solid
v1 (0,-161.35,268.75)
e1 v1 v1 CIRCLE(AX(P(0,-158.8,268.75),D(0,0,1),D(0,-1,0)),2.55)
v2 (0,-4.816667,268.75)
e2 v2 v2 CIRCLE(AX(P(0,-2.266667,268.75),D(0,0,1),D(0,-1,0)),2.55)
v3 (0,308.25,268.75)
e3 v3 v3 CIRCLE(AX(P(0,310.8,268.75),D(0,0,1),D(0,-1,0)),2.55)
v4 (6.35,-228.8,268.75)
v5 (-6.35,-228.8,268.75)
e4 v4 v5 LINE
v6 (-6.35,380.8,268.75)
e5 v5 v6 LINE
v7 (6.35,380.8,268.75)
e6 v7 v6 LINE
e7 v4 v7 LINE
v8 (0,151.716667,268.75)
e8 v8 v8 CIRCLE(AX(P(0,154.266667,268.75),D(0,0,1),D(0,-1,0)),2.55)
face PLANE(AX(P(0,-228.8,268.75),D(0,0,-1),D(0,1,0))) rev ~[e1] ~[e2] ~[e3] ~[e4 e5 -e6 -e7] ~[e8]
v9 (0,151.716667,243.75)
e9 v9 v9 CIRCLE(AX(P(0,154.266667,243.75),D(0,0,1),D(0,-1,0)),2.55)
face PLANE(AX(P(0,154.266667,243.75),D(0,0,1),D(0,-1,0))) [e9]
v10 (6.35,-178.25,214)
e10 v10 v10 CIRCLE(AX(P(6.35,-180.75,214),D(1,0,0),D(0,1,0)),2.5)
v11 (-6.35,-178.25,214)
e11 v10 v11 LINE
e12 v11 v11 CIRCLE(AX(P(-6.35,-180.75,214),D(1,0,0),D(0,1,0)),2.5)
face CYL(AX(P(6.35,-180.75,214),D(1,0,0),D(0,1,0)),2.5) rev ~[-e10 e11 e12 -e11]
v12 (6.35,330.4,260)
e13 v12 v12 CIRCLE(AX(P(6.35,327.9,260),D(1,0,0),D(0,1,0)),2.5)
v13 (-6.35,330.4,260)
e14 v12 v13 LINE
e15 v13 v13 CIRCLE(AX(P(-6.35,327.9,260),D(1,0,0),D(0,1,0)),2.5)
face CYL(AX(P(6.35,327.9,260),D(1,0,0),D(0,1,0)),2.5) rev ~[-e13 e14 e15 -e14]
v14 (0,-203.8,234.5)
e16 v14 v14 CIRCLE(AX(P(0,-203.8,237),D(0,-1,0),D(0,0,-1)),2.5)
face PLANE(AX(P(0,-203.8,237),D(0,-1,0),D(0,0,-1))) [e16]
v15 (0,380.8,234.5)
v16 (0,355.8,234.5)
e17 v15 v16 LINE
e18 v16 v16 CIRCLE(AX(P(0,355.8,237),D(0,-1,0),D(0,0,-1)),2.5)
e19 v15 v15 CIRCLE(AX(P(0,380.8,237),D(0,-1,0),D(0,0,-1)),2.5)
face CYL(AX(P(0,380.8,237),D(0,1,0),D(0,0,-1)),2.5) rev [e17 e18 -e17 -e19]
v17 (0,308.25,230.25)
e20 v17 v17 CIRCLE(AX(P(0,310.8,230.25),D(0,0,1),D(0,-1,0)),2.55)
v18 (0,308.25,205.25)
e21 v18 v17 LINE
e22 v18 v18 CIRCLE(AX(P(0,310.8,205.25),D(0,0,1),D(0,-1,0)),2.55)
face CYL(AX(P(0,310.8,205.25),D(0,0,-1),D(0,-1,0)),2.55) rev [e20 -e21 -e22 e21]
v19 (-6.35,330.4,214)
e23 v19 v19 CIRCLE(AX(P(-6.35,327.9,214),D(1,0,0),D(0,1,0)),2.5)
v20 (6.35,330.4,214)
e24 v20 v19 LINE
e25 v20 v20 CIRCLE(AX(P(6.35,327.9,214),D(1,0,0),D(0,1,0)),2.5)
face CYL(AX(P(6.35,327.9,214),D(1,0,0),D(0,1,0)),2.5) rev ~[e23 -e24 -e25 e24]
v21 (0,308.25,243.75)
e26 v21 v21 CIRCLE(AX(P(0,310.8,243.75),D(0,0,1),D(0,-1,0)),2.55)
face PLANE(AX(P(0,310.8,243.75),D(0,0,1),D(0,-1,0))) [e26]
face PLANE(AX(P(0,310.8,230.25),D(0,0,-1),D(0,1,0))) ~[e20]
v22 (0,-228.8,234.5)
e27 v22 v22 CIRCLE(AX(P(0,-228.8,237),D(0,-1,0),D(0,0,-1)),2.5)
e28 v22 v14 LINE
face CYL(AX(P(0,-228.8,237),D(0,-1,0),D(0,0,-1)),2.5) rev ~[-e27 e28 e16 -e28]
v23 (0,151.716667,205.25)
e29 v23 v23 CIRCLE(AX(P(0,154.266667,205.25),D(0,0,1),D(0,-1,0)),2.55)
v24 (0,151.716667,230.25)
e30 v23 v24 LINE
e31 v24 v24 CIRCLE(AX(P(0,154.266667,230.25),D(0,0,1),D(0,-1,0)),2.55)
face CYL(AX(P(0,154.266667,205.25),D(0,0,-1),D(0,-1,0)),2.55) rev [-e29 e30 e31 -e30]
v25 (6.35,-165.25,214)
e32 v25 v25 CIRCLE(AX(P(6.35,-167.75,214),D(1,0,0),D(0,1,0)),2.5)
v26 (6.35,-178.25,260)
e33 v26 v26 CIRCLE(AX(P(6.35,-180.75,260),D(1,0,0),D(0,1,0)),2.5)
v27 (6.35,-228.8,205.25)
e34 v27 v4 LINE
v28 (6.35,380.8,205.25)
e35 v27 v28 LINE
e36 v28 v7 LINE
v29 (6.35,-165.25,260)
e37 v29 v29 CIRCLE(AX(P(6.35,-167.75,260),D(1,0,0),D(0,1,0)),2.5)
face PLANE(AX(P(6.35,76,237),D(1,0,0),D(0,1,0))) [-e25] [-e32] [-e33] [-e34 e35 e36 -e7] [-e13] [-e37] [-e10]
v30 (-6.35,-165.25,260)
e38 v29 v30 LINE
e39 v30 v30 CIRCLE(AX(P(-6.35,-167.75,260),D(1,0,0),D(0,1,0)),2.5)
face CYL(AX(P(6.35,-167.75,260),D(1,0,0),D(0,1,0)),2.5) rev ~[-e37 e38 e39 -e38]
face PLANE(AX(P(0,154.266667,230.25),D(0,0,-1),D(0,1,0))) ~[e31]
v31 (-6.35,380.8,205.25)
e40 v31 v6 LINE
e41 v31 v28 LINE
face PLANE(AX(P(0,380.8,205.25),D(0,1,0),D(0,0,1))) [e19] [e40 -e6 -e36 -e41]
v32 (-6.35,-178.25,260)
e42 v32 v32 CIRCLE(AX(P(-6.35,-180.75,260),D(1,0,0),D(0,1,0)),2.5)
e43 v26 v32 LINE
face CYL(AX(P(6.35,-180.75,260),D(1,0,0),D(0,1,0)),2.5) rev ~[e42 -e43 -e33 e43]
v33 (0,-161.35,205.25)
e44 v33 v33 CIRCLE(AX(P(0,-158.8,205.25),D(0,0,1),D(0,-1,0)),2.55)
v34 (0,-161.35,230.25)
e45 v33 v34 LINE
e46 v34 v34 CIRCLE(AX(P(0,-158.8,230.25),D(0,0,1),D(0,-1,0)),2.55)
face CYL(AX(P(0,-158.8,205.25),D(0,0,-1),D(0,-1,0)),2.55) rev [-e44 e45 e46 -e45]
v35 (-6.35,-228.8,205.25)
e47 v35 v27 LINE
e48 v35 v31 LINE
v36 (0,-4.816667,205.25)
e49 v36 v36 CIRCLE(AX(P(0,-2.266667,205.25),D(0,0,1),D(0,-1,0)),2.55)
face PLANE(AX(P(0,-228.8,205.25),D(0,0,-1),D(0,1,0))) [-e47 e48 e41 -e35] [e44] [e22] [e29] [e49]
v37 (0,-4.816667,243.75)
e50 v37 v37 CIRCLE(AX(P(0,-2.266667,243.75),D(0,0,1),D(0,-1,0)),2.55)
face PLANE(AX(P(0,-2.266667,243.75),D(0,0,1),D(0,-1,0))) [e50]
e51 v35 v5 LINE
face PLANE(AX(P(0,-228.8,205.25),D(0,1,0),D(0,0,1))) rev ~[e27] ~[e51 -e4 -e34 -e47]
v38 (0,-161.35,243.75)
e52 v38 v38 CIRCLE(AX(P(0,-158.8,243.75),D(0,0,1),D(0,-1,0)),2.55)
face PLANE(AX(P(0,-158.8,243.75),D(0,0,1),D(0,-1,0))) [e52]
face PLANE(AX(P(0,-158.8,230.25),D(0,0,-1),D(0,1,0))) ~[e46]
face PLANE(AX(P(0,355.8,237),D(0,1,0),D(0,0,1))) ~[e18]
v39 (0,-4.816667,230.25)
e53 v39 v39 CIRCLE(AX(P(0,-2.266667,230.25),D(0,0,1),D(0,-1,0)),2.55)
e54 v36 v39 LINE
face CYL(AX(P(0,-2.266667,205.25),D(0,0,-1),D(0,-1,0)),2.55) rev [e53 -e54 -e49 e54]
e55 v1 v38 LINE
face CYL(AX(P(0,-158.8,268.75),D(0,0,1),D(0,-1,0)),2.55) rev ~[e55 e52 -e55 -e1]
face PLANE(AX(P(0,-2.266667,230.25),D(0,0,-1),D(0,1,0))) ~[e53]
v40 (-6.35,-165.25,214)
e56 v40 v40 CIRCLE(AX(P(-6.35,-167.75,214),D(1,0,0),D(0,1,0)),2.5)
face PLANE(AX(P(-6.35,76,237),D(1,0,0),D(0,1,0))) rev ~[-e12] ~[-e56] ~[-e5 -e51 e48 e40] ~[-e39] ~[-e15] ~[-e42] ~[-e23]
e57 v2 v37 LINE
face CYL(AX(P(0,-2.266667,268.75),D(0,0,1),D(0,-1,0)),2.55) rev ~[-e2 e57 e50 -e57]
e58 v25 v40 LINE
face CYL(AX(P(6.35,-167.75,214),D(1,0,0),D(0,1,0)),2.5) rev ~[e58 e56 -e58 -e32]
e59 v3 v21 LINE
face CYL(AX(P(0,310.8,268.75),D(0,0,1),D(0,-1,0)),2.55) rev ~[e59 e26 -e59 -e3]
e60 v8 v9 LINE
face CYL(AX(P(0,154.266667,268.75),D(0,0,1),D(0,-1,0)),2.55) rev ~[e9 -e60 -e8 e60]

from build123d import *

# Parameters (mm, degrees)
SKETCH006_W     = 609.6
SKETCH006_H     = 63.5
PAD002_DEPTH    = 6.35
SKETCH007_R     = 2.5
POCKET001_DEPTH = 25
SKETCH008_R     = 2.55
POCKET002_DEPTH = 25
SKETCH016_R     = 2.5
POCKET007_DEPTH = 12.701


with BuildPart() as part:
    # Sketch006 → Pad002 (new body, symmetric)
    with BuildSketch(Plane.YZ):
        Rectangle(SKETCH006_W, SKETCH006_H)
    extrude(amount=PAD002_DEPTH, both=True)

    # Sketch007 (on Face4 of Pad002) → Pocket001 (cut)
    with BuildSketch(Plane(origin=(0, -304.8, 0), x_dir=(0, 0, -1), z_dir=(0, -1, 0))):
        Circle(SKETCH007_R)
    pocket001 = extrude(amount=-POCKET001_DEPTH, mode=Mode.SUBTRACT)

    # Mirrored001: Pocket001 across XZ
    add(pocket001.mirror(Plane.XZ), mode=Mode.SUBTRACT)

    # Sketch008 → Pocket002 (cut)
    with BuildSketch(Plane(origin=(0, 0, 31.75), x_dir=(0, -1, 0), z_dir=(0, 0, 1))):
        with Locations((-234.8, 0)):
            Circle(SKETCH008_R)
        with Locations((-78.266667, 0)):
            Circle(SKETCH008_R)
        with Locations((78.266667, 0)):
            Circle(SKETCH008_R)
        with Locations((234.8, 0)):
            Circle(SKETCH008_R)
    pocket002 = extrude(amount=-POCKET002_DEPTH, mode=Mode.SUBTRACT)

    # Mirrored: Pocket002 across XY
    add(pocket002.mirror(Plane.XY), mode=Mode.SUBTRACT)

    # Sketch016 (on Face4 of Mirrored) → Pocket007 (cut, through all)
    with BuildSketch(Plane.YZ.offset(6.35)):
        with Locations((-256.75, 23)):
            Circle(SKETCH016_R)
        with Locations((-256.75, -23)):
            Circle(SKETCH016_R)
        with Locations((-243.75, 23)):
            Circle(SKETCH016_R)
        with Locations((-243.75, -23)):
            Circle(SKETCH016_R)
        with Locations((251.9, 23)):
            Circle(SKETCH016_R)
        with Locations((251.9, -23)):
            Circle(SKETCH016_R)
    extrude(amount=-POCKET007_DEPTH, mode=Mode.SUBTRACT)


with BuildPart() as part_1:
    # Body002 placement: moved
    add(part.part.moved(Location((0, 76, 237))))


solid = part_1.part
